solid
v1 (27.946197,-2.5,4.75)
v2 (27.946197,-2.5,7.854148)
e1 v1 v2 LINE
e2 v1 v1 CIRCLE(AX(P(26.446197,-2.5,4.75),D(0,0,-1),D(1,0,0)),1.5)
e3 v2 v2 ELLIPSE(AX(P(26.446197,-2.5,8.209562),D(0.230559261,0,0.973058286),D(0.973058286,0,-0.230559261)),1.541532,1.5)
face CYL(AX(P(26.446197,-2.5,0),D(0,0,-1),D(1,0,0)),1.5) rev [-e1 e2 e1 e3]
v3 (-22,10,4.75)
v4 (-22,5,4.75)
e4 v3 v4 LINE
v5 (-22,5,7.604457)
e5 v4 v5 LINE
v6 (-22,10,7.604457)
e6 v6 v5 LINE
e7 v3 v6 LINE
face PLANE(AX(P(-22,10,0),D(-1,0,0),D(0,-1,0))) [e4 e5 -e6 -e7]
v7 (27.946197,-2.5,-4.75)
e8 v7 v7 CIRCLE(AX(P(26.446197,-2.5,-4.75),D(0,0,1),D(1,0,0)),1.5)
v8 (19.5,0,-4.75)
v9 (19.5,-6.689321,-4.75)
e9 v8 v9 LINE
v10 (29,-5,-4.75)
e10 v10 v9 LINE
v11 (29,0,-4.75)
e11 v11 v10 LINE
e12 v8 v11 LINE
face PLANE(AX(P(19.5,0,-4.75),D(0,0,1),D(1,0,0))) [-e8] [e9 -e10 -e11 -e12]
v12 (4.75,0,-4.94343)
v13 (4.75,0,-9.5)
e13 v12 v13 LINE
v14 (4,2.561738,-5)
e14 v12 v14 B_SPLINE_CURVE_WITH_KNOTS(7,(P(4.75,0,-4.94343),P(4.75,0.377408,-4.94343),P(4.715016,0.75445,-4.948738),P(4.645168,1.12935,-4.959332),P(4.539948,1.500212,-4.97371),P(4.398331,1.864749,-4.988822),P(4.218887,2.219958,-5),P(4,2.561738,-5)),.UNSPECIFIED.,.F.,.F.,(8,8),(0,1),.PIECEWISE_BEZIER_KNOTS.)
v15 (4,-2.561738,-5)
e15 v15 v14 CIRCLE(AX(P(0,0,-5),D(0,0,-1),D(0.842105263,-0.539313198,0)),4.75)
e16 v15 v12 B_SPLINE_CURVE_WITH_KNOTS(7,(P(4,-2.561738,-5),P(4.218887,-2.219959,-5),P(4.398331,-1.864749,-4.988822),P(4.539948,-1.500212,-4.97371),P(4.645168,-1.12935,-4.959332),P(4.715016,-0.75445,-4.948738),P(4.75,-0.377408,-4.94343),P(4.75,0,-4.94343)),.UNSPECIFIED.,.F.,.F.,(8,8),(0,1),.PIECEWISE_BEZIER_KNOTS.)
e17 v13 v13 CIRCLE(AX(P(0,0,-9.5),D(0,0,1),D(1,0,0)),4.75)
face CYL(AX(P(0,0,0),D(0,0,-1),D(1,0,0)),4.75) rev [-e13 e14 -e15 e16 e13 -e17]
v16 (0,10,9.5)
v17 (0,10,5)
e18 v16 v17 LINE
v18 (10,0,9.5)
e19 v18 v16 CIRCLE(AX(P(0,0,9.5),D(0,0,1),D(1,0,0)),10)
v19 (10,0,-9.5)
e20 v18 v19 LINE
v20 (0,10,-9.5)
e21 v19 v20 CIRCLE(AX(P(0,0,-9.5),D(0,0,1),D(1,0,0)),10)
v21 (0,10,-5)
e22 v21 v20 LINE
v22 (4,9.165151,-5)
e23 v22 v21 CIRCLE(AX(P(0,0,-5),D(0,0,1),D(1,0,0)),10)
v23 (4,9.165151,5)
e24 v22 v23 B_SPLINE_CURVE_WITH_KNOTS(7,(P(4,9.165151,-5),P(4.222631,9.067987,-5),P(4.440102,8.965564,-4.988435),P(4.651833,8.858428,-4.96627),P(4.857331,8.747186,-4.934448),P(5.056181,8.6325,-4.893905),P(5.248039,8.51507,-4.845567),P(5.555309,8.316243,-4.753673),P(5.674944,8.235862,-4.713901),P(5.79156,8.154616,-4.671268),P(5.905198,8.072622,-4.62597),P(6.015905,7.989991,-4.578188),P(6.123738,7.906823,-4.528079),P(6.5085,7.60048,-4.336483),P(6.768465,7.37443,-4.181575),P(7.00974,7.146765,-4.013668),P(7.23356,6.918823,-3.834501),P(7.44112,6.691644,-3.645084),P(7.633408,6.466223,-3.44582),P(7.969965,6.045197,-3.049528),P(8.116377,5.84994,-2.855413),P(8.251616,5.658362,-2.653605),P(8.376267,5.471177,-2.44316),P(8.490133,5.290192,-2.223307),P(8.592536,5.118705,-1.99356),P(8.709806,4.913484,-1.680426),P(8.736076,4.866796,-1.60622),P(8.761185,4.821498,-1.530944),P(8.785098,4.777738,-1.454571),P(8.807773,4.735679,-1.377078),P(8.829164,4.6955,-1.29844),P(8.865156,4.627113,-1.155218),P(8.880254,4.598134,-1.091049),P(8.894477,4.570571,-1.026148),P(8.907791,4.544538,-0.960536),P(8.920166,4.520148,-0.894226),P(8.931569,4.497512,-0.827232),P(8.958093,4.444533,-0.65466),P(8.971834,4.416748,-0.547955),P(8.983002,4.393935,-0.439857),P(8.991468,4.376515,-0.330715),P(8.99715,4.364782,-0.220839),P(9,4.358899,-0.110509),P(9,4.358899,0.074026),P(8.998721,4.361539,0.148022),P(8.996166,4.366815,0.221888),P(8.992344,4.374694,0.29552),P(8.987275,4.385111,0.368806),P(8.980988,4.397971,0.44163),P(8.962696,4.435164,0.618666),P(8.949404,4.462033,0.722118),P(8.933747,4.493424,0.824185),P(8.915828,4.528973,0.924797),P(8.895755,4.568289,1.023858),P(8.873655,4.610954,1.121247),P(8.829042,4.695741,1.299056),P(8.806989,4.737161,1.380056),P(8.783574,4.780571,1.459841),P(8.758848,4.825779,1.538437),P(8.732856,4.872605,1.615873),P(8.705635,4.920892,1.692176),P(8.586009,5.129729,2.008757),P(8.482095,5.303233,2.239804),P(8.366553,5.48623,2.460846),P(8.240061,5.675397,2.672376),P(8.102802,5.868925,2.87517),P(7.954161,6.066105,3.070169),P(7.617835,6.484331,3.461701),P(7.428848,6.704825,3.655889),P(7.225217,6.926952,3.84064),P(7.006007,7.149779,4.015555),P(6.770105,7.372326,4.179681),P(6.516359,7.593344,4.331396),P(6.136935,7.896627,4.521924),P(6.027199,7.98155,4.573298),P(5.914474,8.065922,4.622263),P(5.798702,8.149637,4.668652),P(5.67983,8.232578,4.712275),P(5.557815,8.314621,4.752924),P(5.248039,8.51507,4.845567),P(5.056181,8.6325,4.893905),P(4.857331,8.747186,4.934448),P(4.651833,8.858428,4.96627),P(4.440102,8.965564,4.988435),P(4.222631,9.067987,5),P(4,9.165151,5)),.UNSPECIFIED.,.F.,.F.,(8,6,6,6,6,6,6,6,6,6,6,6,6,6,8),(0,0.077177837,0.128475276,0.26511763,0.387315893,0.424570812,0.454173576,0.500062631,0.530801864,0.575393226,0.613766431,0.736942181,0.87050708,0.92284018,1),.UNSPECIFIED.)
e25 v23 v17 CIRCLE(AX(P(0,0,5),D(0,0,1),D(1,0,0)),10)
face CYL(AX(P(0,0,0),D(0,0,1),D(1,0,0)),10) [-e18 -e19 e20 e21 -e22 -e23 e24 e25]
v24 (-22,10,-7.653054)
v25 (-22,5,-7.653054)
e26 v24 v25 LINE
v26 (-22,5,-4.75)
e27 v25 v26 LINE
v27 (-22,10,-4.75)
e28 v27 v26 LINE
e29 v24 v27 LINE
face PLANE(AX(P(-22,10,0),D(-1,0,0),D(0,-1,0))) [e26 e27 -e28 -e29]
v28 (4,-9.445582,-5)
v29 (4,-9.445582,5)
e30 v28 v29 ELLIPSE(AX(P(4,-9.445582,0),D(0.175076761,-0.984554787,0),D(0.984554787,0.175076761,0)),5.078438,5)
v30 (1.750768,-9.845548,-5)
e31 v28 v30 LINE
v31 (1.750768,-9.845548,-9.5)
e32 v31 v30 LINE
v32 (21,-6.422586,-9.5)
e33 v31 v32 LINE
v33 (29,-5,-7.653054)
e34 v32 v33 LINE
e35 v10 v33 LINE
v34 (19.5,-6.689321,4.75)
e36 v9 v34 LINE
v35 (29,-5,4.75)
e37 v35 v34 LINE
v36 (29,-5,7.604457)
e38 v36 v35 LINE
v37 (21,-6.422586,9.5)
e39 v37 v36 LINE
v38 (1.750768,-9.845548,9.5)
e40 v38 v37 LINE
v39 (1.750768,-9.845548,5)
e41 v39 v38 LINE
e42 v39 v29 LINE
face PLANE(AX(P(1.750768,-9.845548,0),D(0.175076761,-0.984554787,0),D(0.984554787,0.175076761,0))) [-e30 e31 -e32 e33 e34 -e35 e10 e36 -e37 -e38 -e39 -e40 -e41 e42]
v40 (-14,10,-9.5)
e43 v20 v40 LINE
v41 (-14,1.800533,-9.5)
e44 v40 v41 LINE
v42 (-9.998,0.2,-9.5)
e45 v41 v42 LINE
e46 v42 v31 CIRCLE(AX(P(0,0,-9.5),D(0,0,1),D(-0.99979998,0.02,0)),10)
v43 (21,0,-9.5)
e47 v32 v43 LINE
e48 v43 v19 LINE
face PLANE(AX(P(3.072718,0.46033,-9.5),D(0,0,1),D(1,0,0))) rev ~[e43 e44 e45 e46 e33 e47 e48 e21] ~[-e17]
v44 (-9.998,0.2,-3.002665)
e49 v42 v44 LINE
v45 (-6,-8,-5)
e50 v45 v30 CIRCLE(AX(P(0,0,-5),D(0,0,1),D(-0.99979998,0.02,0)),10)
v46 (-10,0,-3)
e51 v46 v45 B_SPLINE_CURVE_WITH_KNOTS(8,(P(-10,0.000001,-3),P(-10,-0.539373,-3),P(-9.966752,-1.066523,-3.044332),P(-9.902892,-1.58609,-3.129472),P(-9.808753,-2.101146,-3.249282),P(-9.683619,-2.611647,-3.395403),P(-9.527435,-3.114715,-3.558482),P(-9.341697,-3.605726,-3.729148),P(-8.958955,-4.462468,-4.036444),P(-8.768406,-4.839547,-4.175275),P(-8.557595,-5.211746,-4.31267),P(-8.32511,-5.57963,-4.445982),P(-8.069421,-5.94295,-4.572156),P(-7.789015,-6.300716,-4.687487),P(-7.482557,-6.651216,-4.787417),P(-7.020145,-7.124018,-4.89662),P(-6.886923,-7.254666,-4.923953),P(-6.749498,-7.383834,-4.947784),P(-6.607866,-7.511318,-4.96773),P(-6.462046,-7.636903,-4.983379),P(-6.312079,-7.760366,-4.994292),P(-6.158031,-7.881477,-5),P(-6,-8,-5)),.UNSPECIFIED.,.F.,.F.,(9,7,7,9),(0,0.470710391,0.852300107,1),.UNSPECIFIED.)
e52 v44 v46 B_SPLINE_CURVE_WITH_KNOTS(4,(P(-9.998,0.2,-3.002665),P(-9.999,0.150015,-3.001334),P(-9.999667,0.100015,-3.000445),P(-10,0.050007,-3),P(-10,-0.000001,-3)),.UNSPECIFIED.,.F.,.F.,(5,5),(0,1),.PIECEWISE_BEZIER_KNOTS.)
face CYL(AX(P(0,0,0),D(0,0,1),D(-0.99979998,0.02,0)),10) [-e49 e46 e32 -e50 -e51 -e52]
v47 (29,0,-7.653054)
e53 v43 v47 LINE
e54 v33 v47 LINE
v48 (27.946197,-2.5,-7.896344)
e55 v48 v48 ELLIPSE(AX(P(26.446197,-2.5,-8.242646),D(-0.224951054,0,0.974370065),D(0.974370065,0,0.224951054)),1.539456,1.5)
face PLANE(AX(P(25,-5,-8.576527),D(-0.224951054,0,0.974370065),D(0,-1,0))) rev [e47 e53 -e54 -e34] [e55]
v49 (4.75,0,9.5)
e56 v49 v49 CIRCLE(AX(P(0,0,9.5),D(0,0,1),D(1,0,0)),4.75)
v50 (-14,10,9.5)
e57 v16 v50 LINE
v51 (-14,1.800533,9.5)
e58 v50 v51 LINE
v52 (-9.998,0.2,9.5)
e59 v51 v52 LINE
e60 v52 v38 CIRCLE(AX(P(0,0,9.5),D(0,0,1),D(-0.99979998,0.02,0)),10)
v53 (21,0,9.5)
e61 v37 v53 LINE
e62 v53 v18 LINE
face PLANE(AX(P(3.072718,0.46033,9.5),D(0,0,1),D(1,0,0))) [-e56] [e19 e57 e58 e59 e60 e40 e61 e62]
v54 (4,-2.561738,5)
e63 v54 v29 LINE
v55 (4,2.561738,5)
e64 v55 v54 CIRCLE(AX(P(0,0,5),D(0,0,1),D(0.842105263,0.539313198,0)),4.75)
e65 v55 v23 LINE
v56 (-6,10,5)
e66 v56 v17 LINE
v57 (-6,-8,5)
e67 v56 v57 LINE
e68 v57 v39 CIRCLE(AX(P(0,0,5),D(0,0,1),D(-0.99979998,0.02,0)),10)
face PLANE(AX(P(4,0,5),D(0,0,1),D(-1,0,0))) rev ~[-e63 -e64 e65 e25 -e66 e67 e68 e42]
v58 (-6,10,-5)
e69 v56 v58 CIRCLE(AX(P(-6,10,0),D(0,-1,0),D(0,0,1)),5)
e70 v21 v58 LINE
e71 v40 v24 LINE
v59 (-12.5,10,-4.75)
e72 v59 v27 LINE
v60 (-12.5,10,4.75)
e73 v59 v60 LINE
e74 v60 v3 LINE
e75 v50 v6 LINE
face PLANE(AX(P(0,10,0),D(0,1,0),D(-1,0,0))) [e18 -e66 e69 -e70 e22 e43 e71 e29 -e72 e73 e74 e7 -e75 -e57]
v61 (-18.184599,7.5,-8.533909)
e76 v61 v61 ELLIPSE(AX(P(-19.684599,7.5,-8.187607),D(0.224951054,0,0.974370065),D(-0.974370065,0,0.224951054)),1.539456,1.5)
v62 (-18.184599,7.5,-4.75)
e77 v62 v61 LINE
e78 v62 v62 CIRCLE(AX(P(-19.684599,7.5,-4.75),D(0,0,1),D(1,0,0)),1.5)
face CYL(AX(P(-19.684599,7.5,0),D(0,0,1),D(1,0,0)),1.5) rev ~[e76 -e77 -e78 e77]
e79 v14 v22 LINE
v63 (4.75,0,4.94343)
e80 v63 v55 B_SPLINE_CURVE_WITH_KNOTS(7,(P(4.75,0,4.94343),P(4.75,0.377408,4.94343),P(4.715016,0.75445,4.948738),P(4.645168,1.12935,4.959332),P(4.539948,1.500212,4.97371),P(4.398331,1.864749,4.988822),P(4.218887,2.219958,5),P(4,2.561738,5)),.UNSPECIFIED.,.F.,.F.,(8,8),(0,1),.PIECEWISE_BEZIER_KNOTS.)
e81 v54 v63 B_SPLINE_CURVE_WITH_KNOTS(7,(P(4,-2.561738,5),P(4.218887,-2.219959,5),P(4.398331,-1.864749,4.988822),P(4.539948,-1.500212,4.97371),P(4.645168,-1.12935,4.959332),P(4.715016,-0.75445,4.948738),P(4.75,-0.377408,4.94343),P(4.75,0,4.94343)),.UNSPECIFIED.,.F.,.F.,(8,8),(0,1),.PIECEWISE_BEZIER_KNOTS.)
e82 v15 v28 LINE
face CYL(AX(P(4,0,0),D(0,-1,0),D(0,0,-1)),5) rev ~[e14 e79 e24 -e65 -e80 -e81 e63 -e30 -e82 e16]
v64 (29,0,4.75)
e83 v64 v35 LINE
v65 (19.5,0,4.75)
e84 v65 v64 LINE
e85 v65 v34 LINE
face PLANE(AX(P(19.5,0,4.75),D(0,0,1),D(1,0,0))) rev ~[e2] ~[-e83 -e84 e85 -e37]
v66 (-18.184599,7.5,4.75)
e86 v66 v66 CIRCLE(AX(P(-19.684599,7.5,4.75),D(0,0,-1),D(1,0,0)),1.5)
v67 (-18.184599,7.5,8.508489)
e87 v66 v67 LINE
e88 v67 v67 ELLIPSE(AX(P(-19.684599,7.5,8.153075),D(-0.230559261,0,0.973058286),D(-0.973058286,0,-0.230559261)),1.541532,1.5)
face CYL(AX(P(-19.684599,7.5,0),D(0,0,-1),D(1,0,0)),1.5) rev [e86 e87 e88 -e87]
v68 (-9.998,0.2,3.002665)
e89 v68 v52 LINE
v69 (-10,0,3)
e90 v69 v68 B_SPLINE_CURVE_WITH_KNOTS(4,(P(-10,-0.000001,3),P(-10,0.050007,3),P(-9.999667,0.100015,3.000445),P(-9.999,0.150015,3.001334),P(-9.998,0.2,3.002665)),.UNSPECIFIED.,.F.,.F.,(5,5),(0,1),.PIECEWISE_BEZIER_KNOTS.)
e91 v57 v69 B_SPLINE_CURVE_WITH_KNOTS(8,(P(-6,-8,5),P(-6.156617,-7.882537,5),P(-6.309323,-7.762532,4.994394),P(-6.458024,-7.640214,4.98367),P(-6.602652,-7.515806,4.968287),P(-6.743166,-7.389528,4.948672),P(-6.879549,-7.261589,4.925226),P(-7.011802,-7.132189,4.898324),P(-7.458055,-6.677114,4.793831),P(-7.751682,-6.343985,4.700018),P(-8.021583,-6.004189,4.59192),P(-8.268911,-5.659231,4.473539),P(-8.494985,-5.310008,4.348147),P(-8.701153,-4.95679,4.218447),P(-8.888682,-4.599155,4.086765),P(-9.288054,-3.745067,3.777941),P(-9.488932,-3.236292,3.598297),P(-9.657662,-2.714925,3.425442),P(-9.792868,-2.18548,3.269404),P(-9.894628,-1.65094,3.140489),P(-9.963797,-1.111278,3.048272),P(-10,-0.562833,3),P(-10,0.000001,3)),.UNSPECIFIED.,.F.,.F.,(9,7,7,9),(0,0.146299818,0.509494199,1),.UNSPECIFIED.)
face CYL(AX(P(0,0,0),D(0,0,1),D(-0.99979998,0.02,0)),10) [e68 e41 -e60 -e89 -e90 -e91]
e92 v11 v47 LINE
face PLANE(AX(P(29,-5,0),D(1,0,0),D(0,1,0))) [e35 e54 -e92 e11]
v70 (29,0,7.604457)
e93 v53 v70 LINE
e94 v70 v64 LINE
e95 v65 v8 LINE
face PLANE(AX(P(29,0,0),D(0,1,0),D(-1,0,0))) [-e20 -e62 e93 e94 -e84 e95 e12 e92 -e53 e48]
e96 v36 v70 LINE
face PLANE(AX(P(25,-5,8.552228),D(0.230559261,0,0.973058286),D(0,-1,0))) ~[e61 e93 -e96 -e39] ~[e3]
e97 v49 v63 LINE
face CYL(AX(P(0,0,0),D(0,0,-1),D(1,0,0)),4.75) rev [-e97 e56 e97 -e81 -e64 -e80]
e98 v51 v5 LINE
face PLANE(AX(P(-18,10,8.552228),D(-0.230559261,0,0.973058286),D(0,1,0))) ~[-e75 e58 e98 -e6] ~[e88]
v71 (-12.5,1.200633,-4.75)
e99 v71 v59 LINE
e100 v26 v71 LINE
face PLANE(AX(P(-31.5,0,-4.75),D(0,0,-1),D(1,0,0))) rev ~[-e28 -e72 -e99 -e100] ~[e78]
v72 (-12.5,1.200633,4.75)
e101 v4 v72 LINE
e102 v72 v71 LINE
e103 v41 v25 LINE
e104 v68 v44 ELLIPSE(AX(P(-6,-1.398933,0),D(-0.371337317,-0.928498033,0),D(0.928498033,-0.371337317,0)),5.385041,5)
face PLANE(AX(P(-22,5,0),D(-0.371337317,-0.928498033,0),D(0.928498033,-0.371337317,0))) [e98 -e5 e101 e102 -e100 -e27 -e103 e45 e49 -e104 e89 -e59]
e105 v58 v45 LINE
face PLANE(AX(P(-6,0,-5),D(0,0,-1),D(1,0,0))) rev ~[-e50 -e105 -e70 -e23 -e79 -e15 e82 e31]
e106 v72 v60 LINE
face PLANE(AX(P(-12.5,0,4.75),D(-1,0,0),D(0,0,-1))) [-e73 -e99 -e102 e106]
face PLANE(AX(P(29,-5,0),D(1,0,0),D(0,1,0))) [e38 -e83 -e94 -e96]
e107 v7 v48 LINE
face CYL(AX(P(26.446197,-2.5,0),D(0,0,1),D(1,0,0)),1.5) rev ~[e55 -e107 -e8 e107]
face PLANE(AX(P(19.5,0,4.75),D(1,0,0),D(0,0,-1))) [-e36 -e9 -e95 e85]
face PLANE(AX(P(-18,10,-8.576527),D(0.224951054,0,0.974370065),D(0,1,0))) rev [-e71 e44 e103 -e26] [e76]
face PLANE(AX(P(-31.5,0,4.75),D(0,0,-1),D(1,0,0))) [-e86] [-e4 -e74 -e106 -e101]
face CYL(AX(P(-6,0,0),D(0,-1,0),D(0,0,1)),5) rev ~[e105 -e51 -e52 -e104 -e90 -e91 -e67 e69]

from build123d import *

# Parameters (mm, degrees)
SKETCH1_R               = 4.75
BOSS_EXTRUDE1_DEPTH     = 9.5
SKETCH2_W               = 19
SKETCH2_H               = 9.5
CUT_EXTRUDE1_DEPTH      = 11
CUT_EXTRUDE1_DEPTH_BACK = 11
CHAMFER1_SIZE           = 8
CHAMFER1_SIZE2          = 1.895543273
CHAMFER2_SIZE           = 8
CHAMFER2_SIZE2          = 1.846945529
SKETCH5_R               = 1.5
CUT_EXTRUDE2_DEPTH      = 10.5000001
CUT_EXTRUDE2_DEPTH_BACK = 10.5000001


with BuildPart() as part:
    # Sketch1 → Boss-Extrude1 (new body, symmetric)
    with BuildSketch(Plane.XY):
        with BuildLine():
            Line((0, 10), (-22, 10))
            Line((-22, 10), (-22, 5))
            Line((-22, 5), (-9.9979998, 0.2))
            ThreePointArc((-9.9979998, 0.2), (-6.49865122, -7.600495531), (1.750767609, -9.845547866))
            Line((1.750767609, -9.845547866), (29, -5))
            Line((29, -5), (29, 0))
            Line((29, 0), (10, 0))
            ThreePointArc((10, 0), (7.071067812, 7.071067812), (0, 10))
        make_face()
        Circle(SKETCH1_R, mode=Mode.SUBTRACT)
    extrude(amount=BOSS_EXTRUDE1_DEPTH, both=True)

    # Sketch2 → Cut-Extrude1 (cut, two sides)
    with BuildSketch(Plane(origin=(0, 0, 0), x_dir=(1, 0, 0), z_dir=(0, 1, 0))) as cut_extrude1_sk:
        with Locations((-22, 0)):
            Rectangle(SKETCH2_W, SKETCH2_H)
        with Locations((29, 0)):
            Rectangle(SKETCH2_W, SKETCH2_H)
        with BuildLine():
            Line((-6, 5), (4, 5))
            ThreePointArc((4, 5), (9, 0), (4, -5))
            Line((4, -5), (-6, -5))
            ThreePointArc((-6, -5), (-11, 0), (-6, 5))
        make_face()
    extrude(amount=CUT_EXTRUDE1_DEPTH, mode=Mode.SUBTRACT)
    extrude(cut_extrude1_sk.sketch, amount=-CUT_EXTRUDE1_DEPTH_BACK, mode=Mode.SUBTRACT)

    # Chamfer1
    chamfer1_edges = [part.edges().sort_by_distance(p)[0] for p in [
        (-22, 7.5, 9.5),
        (29, -2.5, 9.5),
    ]]
    chamfer1_side = [part.faces().sort_by_distance(p)[0] for p in [
        (6.683704933, 6.683704933, 9.5),
    ]]
    chamfer(chamfer1_edges, length=CHAMFER1_SIZE, length2=CHAMFER1_SIZE2, reference=chamfer1_side[0])

    # Chamfer2
    chamfer2_edges = [part.edges().sort_by_distance(p)[0] for p in [
        (-22, 7.5, -9.5),
        (29, -2.5, -9.5),
    ]]
    chamfer2_side = [part.faces().sort_by_distance(p)[0] for p in [
        (6.683704933, 6.683704933, -9.5),
    ]]
    chamfer(chamfer2_edges, length=CHAMFER2_SIZE, length2=CHAMFER2_SIZE2, reference=chamfer2_side[0])

    # Sketch5 → Cut-Extrude2 (cut, two sides)
    with BuildSketch(Plane.XY) as cut_extrude2_sk:
        with Locations((-19.684598733, 7.5)):
            Circle(SKETCH5_R)
        with Locations((26.44619669, -2.5)):
            Circle(SKETCH5_R)
    extrude(amount=CUT_EXTRUDE2_DEPTH, mode=Mode.SUBTRACT)
    extrude(cut_extrude2_sk.sketch, amount=-CUT_EXTRUDE2_DEPTH_BACK, mode=Mode.SUBTRACT)


solid = part.part
